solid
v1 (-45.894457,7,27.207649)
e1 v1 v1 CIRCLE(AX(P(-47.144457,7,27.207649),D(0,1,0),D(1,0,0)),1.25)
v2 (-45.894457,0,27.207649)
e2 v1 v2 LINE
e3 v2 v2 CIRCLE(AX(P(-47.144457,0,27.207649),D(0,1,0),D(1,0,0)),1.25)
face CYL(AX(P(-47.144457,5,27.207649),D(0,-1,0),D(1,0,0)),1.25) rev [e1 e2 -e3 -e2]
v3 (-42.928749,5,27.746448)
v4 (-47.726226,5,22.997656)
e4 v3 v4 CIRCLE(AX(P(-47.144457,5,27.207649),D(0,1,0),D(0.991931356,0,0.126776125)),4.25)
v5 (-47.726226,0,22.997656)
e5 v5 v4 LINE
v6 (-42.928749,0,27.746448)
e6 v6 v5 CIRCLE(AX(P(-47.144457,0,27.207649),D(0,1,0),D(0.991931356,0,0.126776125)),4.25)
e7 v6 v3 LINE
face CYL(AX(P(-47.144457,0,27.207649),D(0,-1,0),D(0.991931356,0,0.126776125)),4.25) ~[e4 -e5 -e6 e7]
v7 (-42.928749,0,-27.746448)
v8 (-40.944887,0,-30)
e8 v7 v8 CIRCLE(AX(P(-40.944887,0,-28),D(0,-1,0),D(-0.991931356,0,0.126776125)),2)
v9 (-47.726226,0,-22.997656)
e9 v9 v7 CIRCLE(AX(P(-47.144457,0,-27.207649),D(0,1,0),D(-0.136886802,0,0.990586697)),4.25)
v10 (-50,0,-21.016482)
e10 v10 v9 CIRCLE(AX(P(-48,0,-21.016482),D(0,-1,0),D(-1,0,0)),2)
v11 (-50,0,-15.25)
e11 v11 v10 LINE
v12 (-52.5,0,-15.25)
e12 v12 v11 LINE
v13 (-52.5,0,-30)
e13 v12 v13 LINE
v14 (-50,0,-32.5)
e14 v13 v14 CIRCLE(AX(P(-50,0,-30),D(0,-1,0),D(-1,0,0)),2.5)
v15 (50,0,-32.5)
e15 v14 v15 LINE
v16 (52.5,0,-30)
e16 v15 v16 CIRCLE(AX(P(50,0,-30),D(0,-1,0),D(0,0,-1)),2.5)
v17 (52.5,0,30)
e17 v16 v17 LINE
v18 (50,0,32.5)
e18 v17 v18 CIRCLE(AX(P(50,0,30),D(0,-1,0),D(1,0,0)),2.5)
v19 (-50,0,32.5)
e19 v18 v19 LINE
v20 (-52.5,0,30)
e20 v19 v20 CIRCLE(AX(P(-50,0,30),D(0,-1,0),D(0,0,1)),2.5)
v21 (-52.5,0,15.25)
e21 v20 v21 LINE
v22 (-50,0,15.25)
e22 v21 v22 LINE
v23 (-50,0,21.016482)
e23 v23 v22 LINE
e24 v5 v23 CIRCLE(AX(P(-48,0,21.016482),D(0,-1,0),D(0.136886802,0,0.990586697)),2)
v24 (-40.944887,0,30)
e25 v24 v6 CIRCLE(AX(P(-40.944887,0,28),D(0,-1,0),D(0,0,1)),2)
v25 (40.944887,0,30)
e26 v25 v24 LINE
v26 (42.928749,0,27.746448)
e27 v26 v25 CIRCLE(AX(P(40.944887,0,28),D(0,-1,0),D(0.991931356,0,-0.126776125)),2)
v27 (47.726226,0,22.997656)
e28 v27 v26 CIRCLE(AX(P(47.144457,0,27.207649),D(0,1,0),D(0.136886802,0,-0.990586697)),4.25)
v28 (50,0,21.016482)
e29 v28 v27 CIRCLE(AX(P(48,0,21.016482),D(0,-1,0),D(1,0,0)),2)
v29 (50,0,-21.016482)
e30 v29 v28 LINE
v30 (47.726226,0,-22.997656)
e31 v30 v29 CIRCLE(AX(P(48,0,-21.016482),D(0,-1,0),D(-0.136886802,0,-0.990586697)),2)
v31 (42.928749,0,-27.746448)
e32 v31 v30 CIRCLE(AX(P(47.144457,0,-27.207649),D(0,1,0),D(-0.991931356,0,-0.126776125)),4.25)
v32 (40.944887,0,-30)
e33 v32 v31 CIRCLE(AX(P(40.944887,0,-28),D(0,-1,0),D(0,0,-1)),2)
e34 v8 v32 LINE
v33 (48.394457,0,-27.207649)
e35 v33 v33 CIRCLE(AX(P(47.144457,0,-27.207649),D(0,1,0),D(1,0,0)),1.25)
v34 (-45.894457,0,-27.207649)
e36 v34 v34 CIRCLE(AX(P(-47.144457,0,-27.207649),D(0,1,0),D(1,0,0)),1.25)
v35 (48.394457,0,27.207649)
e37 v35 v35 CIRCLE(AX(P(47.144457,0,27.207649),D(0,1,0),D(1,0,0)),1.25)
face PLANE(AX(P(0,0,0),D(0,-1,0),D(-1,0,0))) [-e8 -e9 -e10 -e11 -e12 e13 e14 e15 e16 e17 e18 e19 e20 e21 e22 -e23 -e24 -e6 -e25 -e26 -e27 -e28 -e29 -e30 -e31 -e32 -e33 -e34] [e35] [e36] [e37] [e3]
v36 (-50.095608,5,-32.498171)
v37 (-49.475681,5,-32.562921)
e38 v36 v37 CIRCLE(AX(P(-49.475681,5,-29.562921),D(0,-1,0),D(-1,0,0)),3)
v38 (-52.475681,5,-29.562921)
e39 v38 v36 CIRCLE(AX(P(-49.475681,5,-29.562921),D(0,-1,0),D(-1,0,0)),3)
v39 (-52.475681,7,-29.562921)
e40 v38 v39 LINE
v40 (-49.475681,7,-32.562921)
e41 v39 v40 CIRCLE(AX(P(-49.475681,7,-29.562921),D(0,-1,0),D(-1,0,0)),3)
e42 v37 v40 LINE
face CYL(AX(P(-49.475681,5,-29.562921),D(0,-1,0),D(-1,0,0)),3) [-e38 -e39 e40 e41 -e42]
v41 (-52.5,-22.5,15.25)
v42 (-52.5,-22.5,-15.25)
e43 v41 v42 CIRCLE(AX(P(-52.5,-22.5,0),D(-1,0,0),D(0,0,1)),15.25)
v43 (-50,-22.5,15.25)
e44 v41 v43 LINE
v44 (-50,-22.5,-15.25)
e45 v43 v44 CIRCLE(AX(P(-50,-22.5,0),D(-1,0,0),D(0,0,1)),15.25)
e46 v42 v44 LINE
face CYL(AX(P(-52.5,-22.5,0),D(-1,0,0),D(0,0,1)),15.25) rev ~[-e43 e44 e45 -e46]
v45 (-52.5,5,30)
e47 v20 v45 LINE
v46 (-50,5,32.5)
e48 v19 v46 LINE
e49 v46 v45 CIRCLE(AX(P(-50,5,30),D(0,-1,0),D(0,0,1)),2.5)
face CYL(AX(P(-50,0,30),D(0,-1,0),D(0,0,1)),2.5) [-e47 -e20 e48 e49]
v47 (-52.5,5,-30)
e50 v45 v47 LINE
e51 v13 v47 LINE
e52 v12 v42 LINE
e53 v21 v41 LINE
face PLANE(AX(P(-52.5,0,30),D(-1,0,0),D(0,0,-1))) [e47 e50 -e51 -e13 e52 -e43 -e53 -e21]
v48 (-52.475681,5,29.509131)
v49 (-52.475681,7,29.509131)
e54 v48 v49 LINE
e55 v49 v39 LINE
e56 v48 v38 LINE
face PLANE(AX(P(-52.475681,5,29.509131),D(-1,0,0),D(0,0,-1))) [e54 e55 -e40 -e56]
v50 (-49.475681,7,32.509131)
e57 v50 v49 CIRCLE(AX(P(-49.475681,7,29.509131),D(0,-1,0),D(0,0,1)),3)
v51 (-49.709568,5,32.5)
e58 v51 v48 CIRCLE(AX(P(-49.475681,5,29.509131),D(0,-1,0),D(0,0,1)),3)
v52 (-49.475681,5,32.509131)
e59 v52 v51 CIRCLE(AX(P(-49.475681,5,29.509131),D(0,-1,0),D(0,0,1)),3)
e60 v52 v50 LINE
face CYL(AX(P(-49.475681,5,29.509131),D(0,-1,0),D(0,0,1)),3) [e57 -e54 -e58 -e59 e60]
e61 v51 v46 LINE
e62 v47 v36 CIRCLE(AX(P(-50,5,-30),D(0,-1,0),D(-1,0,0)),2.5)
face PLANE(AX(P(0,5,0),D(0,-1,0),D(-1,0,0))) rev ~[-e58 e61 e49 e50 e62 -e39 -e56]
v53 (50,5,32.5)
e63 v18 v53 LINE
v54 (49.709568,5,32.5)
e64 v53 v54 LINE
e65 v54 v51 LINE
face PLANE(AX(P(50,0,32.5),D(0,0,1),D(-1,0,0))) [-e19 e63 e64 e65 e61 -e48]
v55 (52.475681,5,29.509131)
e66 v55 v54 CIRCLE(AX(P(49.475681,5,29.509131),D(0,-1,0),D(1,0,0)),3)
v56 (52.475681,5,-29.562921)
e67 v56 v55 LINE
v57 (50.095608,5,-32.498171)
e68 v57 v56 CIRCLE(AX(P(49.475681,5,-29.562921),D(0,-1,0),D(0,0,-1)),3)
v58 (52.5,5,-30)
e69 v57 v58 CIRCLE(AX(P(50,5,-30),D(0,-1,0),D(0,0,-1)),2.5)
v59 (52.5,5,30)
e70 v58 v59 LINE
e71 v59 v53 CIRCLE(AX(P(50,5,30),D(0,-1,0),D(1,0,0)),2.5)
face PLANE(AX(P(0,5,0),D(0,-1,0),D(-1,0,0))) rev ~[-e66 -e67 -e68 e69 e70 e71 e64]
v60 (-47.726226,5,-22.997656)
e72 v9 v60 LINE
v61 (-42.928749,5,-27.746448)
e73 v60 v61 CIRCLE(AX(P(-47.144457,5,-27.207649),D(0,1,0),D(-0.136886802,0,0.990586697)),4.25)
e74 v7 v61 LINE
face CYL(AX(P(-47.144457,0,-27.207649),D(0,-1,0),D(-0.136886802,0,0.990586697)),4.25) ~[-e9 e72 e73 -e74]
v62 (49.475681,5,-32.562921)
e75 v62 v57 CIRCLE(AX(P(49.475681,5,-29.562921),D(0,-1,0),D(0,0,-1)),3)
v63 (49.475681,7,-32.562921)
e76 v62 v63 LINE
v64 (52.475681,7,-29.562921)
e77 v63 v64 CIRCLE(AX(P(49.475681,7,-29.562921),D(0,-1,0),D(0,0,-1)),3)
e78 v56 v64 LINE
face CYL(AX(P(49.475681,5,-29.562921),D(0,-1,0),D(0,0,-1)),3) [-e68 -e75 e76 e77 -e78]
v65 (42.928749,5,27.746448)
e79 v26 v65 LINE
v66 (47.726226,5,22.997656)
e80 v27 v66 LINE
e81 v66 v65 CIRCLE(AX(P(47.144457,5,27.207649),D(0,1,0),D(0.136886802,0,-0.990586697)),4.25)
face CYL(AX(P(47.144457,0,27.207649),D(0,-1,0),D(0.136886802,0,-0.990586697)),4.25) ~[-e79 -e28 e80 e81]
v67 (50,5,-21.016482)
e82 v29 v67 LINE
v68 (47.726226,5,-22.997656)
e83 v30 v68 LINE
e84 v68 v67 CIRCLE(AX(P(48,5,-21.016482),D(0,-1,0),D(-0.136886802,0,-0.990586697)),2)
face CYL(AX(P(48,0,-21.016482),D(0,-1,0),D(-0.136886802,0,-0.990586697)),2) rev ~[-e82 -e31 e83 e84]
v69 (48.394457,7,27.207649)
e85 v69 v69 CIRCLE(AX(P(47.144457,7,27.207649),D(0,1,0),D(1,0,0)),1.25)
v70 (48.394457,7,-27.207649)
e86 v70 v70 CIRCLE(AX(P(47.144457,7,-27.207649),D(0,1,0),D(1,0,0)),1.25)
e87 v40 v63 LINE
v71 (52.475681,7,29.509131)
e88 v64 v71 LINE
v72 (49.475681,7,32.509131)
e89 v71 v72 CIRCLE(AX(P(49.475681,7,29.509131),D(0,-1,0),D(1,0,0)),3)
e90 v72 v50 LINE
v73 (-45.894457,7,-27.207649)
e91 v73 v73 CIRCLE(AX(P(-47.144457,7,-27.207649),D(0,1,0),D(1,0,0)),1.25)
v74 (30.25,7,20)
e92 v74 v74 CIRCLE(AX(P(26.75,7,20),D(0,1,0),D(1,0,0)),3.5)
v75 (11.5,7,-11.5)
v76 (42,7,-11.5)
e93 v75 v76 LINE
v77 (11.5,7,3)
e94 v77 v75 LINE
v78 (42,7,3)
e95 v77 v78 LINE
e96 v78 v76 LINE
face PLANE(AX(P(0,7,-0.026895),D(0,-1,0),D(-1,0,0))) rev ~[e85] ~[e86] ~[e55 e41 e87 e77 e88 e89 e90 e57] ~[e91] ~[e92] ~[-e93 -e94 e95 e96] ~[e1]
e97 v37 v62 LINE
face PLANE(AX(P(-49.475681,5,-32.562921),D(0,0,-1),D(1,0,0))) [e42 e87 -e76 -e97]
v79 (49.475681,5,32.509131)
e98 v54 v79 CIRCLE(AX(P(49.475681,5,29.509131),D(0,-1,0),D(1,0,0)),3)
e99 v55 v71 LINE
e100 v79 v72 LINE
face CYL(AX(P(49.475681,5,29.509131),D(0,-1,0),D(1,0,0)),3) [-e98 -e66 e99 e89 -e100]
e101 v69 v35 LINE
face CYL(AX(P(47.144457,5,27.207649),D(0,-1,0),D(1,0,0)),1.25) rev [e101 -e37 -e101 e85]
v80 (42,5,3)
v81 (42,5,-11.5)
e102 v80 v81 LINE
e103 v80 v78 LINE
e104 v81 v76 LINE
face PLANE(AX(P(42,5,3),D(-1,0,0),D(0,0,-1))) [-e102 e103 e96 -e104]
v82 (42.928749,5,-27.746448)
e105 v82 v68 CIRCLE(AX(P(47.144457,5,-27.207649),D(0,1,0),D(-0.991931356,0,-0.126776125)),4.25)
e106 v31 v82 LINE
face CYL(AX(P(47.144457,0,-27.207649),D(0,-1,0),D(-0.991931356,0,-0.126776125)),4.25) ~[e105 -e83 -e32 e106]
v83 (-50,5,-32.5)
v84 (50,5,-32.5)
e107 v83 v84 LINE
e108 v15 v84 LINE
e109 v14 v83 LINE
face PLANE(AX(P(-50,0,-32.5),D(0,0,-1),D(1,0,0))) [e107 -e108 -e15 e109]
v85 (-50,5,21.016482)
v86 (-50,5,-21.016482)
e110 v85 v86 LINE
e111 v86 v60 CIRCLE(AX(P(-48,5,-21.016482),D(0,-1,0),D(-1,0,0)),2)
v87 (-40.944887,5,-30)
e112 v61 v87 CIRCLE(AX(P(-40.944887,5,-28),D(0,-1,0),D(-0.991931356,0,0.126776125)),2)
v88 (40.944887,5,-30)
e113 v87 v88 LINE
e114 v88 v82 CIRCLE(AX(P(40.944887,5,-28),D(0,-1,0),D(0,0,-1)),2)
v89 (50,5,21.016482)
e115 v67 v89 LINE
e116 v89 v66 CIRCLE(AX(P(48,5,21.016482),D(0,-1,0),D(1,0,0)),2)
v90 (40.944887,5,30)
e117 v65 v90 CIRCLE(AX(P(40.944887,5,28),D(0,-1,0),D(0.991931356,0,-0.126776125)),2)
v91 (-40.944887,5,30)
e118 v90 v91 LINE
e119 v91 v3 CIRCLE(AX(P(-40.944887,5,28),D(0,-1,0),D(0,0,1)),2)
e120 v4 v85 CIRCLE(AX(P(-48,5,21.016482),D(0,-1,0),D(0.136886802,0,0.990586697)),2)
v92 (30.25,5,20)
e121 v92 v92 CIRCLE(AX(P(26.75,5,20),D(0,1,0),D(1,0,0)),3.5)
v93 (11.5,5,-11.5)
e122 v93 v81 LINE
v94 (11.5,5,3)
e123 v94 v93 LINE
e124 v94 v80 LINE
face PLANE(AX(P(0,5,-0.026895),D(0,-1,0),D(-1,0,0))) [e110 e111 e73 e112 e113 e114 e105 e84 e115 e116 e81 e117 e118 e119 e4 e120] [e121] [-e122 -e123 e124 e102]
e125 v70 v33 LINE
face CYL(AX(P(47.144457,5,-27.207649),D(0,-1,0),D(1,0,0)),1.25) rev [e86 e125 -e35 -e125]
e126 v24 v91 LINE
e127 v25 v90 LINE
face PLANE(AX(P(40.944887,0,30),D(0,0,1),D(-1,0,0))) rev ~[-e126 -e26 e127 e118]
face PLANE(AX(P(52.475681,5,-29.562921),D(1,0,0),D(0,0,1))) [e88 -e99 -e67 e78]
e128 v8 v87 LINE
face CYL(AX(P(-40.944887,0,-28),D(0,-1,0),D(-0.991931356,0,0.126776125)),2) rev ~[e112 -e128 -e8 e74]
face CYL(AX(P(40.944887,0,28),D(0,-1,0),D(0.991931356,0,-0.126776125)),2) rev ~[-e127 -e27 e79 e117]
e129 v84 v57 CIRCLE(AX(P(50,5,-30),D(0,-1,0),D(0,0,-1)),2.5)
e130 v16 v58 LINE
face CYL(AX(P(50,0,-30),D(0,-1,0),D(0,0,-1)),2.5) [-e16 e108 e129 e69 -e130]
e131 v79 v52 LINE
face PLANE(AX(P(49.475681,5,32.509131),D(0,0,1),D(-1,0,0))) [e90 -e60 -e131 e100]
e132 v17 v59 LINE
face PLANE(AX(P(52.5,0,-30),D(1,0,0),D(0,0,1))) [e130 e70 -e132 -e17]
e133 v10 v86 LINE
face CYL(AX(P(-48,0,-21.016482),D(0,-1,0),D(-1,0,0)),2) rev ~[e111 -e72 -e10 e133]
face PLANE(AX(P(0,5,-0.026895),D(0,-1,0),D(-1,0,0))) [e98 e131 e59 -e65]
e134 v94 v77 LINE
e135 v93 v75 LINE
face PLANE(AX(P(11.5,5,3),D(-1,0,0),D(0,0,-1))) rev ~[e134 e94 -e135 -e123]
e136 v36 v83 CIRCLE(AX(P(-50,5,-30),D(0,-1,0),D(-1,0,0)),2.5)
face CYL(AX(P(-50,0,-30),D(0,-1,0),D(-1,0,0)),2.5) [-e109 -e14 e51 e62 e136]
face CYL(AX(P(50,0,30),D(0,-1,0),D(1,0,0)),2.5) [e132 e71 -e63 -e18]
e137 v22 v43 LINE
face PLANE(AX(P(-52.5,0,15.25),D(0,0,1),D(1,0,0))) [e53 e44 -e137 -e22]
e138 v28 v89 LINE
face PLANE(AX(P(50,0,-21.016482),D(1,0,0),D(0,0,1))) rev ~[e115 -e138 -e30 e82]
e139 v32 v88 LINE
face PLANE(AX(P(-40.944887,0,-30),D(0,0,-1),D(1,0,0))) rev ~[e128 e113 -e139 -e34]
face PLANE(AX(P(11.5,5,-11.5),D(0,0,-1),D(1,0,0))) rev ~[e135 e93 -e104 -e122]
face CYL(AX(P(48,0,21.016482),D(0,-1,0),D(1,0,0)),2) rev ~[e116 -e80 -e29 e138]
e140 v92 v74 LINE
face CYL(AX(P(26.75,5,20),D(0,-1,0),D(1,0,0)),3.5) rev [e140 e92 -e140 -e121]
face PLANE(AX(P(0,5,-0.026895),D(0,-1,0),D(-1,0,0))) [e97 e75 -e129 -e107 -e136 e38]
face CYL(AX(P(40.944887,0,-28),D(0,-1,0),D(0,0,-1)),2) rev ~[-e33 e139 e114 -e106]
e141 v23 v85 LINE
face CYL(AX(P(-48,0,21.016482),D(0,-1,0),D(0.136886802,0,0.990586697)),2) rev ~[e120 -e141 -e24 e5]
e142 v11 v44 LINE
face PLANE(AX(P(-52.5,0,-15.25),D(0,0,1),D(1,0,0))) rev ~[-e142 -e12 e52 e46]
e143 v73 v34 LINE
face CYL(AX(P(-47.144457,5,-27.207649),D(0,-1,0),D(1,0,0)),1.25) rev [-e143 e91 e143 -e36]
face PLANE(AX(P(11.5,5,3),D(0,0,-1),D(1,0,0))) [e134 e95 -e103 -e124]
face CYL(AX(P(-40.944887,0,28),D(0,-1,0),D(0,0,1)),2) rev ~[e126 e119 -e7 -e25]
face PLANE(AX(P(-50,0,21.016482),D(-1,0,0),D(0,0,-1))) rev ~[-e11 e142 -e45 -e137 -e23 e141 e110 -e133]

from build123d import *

# Parameters (mm, degrees)
SKETCH_1_R          = 1.25
EXTRUDE_1_DEPTH     = 5
SKETCH_2_W          = 2.5
SKETCH_2_H          = 30.5
EXTRUDE_2_DEPTH     = 22.5
CUT_EXTRUDE_1_REACH = 107
SKETCH_4_R          = 3.5
SKETCH_4_R_2        = 1.25
SKETCH_4_W          = 30.5
SKETCH_4_H          = 14.5
EXTRUDE_3_DEPTH     = 2


with BuildPart() as part:
    # Эскиз1 → Бобышка-Вытянуть1 (new body)
    with BuildSketch(Plane(origin=(0, 0, 0), x_dir=(1, 0, 0), z_dir=(0, 1, 0))):
        with BuildLine():
            Line((-50, 32.5), (50, 32.5))
            ThreePointArc((50, 32.5), (51.767766953, 31.767766953), (52.5, 30))
            Line((52.5, 30), (52.5, -30))
            ThreePointArc((52.5, -30), (51.767766953, -31.767766953), (50, -32.5))
            Line((50, -32.5), (-50, -32.5))
            ThreePointArc((-50, -32.5), (-51.767766953, -31.767766953), (-52.5, -30))
            Line((-52.5, -30), (-52.5, -27.5))
            Line((-52.5, -27.5), (-52.5, 27.5))
            Line((-52.5, 27.5), (-52.5, 30))
            ThreePointArc((-52.5, 30), (-51.767766953, 31.767766953), (-50, 32.5))
        make_face()
        with Locations((-47.144457485, 27.207649218)):
            Circle(SKETCH_1_R, mode=Mode.SUBTRACT)
        with Locations((47.144457485, -27.207649218)):
            Circle(SKETCH_1_R, mode=Mode.SUBTRACT)
        with Locations((47.144457485, 27.207649218)):
            Circle(SKETCH_1_R, mode=Mode.SUBTRACT)
        with Locations((-47.144457485, -27.207649218)):
            Circle(SKETCH_1_R, mode=Mode.SUBTRACT)
        with BuildLine():
            Line((-40.944886513, 30), (40.944886513, 30))
            ThreePointArc((40.944886513, 30), (42.446070129, 29.321532349), (42.928749224, 27.74644775))
            ThreePointArc((42.928749224, 27.74644775), (44.154618836, 24.187158388), (47.726226395, 22.997655757))
            ThreePointArc((47.726226395, 22.997655757), (49.313859351, 22.524386076), (50, 21.016482364))
            Line((50, 21.016482364), (50, -21.016482364))
            ThreePointArc((50, -21.016482364), (49.313859351, -22.524386076), (47.726226395, -22.997655757))
            ThreePointArc((47.726226395, -22.997655757), (44.154618836, -24.187158388), (42.928749224, -27.74644775))
            ThreePointArc((42.928749224, -27.74644775), (42.446070129, -29.321532349), (40.944886513, -30))
            Line((40.944886513, -30), (-40.944886513, -30))
            ThreePointArc((-40.944886513, -30), (-42.446070129, -29.321532349), (-42.928749224, -27.74644775))
            ThreePointArc((-42.928749224, -27.74644775), (-44.154618836, -24.187158388), (-47.726226395, -22.997655757))
            ThreePointArc((-47.726226395, -22.997655757), (-49.313859351, -22.524386076), (-50, -21.016482364))
            Line((-50, -21.016482364), (-50, 21.016482364))
            ThreePointArc((-50, 21.016482364), (-49.313859351, 22.524386076), (-47.726226395, 22.997655757))
            ThreePointArc((-47.726226395, 22.997655757), (-44.154618836, 24.187158388), (-42.928749224, 27.74644775))
            ThreePointArc((-42.928749224, 27.74644775), (-42.446070129, 29.321532349), (-40.944886513, 30))
        make_face(mode=Mode.SUBTRACT)
    extrude(amount=EXTRUDE_1_DEPTH)

    # Эскиз2 → Бобышка-Вытянуть2 (add)
    with BuildSketch(Plane.XZ):
        with Locations((-51.25, 0)):
            Rectangle(SKETCH_2_W, SKETCH_2_H)
    extrude(amount=EXTRUDE_2_DEPTH)

    # Эскиз3 → Вырез-Вытянуть1 (cut, up to next)
    with BuildSketch(Plane.ZY.offset(52.5), mode=Mode.PRIVATE) as cut_extrude_1_sk1:
        with BuildLine():
            Line((-15.25, -22.5), (15.25, -22.5))
            ThreePointArc((15.25, -22.5), (0, -7.25), (-15.25, -22.5))
        make_face()
    cut_extrude_1_tool1 = extrude(cut_extrude_1_sk1.sketch, amount=-CUT_EXTRUDE_1_REACH, mode=Mode.PRIVATE) & part.part
    add(cut_extrude_1_tool1.solids().sort_by_distance((-52.5, -16.027699, 0))[0], mode=Mode.SUBTRACT)

    # Эскиз4 → Бобышка-Вытянуть3 (add)
    with BuildSketch(Plane(origin=(0, 5, 0), x_dir=(1, 0, 0), z_dir=(0, 1, 0))):
        with BuildLine():
            Line((-49.4756814, 32.562921498), (49.4756814, 32.562921498))
            ThreePointArc((49.4756814, 32.562921498), (51.597001743, 31.684241842), (52.4756814, 29.562921498))
            Line((52.4756814, 29.562921498), (52.4756814, -29.509131029))
            ThreePointArc((52.4756814, -29.509131029), (51.597001743, -31.630451373), (49.4756814, -32.509131029))
            Line((49.4756814, -32.509131029), (-49.4756814, -32.509131029))
            ThreePointArc((-49.4756814, -32.509131029), (-51.597001743, -31.630451373), (-52.4756814, -29.509131029))
            Line((-52.4756814, -29.509131029), (-52.4756814, 29.562921498))
            ThreePointArc((-52.4756814, 29.562921498), (-51.597001743, 31.684241842), (-49.4756814, 32.562921498))
        make_face()
        with Locations((26.75, -20)):
            Circle(SKETCH_4_R, mode=Mode.SUBTRACT)
        with Locations((-47.144457485, 27.207649218)):
            Circle(SKETCH_4_R_2, mode=Mode.SUBTRACT)
        with Locations((47.144457485, 27.207649218)):
            Circle(SKETCH_4_R_2, mode=Mode.SUBTRACT)
        with Locations((47.144457485, -27.207649218)):
            Circle(SKETCH_4_R_2, mode=Mode.SUBTRACT)
        with Locations((-47.144457485, -27.207649218)):
            Circle(SKETCH_4_R_2, mode=Mode.SUBTRACT)
        with Locations((26.75, 4.25)):
            Rectangle(SKETCH_4_W, SKETCH_4_H, mode=Mode.SUBTRACT)
    extrude(amount=EXTRUDE_3_DEPTH)


solid = part.part
